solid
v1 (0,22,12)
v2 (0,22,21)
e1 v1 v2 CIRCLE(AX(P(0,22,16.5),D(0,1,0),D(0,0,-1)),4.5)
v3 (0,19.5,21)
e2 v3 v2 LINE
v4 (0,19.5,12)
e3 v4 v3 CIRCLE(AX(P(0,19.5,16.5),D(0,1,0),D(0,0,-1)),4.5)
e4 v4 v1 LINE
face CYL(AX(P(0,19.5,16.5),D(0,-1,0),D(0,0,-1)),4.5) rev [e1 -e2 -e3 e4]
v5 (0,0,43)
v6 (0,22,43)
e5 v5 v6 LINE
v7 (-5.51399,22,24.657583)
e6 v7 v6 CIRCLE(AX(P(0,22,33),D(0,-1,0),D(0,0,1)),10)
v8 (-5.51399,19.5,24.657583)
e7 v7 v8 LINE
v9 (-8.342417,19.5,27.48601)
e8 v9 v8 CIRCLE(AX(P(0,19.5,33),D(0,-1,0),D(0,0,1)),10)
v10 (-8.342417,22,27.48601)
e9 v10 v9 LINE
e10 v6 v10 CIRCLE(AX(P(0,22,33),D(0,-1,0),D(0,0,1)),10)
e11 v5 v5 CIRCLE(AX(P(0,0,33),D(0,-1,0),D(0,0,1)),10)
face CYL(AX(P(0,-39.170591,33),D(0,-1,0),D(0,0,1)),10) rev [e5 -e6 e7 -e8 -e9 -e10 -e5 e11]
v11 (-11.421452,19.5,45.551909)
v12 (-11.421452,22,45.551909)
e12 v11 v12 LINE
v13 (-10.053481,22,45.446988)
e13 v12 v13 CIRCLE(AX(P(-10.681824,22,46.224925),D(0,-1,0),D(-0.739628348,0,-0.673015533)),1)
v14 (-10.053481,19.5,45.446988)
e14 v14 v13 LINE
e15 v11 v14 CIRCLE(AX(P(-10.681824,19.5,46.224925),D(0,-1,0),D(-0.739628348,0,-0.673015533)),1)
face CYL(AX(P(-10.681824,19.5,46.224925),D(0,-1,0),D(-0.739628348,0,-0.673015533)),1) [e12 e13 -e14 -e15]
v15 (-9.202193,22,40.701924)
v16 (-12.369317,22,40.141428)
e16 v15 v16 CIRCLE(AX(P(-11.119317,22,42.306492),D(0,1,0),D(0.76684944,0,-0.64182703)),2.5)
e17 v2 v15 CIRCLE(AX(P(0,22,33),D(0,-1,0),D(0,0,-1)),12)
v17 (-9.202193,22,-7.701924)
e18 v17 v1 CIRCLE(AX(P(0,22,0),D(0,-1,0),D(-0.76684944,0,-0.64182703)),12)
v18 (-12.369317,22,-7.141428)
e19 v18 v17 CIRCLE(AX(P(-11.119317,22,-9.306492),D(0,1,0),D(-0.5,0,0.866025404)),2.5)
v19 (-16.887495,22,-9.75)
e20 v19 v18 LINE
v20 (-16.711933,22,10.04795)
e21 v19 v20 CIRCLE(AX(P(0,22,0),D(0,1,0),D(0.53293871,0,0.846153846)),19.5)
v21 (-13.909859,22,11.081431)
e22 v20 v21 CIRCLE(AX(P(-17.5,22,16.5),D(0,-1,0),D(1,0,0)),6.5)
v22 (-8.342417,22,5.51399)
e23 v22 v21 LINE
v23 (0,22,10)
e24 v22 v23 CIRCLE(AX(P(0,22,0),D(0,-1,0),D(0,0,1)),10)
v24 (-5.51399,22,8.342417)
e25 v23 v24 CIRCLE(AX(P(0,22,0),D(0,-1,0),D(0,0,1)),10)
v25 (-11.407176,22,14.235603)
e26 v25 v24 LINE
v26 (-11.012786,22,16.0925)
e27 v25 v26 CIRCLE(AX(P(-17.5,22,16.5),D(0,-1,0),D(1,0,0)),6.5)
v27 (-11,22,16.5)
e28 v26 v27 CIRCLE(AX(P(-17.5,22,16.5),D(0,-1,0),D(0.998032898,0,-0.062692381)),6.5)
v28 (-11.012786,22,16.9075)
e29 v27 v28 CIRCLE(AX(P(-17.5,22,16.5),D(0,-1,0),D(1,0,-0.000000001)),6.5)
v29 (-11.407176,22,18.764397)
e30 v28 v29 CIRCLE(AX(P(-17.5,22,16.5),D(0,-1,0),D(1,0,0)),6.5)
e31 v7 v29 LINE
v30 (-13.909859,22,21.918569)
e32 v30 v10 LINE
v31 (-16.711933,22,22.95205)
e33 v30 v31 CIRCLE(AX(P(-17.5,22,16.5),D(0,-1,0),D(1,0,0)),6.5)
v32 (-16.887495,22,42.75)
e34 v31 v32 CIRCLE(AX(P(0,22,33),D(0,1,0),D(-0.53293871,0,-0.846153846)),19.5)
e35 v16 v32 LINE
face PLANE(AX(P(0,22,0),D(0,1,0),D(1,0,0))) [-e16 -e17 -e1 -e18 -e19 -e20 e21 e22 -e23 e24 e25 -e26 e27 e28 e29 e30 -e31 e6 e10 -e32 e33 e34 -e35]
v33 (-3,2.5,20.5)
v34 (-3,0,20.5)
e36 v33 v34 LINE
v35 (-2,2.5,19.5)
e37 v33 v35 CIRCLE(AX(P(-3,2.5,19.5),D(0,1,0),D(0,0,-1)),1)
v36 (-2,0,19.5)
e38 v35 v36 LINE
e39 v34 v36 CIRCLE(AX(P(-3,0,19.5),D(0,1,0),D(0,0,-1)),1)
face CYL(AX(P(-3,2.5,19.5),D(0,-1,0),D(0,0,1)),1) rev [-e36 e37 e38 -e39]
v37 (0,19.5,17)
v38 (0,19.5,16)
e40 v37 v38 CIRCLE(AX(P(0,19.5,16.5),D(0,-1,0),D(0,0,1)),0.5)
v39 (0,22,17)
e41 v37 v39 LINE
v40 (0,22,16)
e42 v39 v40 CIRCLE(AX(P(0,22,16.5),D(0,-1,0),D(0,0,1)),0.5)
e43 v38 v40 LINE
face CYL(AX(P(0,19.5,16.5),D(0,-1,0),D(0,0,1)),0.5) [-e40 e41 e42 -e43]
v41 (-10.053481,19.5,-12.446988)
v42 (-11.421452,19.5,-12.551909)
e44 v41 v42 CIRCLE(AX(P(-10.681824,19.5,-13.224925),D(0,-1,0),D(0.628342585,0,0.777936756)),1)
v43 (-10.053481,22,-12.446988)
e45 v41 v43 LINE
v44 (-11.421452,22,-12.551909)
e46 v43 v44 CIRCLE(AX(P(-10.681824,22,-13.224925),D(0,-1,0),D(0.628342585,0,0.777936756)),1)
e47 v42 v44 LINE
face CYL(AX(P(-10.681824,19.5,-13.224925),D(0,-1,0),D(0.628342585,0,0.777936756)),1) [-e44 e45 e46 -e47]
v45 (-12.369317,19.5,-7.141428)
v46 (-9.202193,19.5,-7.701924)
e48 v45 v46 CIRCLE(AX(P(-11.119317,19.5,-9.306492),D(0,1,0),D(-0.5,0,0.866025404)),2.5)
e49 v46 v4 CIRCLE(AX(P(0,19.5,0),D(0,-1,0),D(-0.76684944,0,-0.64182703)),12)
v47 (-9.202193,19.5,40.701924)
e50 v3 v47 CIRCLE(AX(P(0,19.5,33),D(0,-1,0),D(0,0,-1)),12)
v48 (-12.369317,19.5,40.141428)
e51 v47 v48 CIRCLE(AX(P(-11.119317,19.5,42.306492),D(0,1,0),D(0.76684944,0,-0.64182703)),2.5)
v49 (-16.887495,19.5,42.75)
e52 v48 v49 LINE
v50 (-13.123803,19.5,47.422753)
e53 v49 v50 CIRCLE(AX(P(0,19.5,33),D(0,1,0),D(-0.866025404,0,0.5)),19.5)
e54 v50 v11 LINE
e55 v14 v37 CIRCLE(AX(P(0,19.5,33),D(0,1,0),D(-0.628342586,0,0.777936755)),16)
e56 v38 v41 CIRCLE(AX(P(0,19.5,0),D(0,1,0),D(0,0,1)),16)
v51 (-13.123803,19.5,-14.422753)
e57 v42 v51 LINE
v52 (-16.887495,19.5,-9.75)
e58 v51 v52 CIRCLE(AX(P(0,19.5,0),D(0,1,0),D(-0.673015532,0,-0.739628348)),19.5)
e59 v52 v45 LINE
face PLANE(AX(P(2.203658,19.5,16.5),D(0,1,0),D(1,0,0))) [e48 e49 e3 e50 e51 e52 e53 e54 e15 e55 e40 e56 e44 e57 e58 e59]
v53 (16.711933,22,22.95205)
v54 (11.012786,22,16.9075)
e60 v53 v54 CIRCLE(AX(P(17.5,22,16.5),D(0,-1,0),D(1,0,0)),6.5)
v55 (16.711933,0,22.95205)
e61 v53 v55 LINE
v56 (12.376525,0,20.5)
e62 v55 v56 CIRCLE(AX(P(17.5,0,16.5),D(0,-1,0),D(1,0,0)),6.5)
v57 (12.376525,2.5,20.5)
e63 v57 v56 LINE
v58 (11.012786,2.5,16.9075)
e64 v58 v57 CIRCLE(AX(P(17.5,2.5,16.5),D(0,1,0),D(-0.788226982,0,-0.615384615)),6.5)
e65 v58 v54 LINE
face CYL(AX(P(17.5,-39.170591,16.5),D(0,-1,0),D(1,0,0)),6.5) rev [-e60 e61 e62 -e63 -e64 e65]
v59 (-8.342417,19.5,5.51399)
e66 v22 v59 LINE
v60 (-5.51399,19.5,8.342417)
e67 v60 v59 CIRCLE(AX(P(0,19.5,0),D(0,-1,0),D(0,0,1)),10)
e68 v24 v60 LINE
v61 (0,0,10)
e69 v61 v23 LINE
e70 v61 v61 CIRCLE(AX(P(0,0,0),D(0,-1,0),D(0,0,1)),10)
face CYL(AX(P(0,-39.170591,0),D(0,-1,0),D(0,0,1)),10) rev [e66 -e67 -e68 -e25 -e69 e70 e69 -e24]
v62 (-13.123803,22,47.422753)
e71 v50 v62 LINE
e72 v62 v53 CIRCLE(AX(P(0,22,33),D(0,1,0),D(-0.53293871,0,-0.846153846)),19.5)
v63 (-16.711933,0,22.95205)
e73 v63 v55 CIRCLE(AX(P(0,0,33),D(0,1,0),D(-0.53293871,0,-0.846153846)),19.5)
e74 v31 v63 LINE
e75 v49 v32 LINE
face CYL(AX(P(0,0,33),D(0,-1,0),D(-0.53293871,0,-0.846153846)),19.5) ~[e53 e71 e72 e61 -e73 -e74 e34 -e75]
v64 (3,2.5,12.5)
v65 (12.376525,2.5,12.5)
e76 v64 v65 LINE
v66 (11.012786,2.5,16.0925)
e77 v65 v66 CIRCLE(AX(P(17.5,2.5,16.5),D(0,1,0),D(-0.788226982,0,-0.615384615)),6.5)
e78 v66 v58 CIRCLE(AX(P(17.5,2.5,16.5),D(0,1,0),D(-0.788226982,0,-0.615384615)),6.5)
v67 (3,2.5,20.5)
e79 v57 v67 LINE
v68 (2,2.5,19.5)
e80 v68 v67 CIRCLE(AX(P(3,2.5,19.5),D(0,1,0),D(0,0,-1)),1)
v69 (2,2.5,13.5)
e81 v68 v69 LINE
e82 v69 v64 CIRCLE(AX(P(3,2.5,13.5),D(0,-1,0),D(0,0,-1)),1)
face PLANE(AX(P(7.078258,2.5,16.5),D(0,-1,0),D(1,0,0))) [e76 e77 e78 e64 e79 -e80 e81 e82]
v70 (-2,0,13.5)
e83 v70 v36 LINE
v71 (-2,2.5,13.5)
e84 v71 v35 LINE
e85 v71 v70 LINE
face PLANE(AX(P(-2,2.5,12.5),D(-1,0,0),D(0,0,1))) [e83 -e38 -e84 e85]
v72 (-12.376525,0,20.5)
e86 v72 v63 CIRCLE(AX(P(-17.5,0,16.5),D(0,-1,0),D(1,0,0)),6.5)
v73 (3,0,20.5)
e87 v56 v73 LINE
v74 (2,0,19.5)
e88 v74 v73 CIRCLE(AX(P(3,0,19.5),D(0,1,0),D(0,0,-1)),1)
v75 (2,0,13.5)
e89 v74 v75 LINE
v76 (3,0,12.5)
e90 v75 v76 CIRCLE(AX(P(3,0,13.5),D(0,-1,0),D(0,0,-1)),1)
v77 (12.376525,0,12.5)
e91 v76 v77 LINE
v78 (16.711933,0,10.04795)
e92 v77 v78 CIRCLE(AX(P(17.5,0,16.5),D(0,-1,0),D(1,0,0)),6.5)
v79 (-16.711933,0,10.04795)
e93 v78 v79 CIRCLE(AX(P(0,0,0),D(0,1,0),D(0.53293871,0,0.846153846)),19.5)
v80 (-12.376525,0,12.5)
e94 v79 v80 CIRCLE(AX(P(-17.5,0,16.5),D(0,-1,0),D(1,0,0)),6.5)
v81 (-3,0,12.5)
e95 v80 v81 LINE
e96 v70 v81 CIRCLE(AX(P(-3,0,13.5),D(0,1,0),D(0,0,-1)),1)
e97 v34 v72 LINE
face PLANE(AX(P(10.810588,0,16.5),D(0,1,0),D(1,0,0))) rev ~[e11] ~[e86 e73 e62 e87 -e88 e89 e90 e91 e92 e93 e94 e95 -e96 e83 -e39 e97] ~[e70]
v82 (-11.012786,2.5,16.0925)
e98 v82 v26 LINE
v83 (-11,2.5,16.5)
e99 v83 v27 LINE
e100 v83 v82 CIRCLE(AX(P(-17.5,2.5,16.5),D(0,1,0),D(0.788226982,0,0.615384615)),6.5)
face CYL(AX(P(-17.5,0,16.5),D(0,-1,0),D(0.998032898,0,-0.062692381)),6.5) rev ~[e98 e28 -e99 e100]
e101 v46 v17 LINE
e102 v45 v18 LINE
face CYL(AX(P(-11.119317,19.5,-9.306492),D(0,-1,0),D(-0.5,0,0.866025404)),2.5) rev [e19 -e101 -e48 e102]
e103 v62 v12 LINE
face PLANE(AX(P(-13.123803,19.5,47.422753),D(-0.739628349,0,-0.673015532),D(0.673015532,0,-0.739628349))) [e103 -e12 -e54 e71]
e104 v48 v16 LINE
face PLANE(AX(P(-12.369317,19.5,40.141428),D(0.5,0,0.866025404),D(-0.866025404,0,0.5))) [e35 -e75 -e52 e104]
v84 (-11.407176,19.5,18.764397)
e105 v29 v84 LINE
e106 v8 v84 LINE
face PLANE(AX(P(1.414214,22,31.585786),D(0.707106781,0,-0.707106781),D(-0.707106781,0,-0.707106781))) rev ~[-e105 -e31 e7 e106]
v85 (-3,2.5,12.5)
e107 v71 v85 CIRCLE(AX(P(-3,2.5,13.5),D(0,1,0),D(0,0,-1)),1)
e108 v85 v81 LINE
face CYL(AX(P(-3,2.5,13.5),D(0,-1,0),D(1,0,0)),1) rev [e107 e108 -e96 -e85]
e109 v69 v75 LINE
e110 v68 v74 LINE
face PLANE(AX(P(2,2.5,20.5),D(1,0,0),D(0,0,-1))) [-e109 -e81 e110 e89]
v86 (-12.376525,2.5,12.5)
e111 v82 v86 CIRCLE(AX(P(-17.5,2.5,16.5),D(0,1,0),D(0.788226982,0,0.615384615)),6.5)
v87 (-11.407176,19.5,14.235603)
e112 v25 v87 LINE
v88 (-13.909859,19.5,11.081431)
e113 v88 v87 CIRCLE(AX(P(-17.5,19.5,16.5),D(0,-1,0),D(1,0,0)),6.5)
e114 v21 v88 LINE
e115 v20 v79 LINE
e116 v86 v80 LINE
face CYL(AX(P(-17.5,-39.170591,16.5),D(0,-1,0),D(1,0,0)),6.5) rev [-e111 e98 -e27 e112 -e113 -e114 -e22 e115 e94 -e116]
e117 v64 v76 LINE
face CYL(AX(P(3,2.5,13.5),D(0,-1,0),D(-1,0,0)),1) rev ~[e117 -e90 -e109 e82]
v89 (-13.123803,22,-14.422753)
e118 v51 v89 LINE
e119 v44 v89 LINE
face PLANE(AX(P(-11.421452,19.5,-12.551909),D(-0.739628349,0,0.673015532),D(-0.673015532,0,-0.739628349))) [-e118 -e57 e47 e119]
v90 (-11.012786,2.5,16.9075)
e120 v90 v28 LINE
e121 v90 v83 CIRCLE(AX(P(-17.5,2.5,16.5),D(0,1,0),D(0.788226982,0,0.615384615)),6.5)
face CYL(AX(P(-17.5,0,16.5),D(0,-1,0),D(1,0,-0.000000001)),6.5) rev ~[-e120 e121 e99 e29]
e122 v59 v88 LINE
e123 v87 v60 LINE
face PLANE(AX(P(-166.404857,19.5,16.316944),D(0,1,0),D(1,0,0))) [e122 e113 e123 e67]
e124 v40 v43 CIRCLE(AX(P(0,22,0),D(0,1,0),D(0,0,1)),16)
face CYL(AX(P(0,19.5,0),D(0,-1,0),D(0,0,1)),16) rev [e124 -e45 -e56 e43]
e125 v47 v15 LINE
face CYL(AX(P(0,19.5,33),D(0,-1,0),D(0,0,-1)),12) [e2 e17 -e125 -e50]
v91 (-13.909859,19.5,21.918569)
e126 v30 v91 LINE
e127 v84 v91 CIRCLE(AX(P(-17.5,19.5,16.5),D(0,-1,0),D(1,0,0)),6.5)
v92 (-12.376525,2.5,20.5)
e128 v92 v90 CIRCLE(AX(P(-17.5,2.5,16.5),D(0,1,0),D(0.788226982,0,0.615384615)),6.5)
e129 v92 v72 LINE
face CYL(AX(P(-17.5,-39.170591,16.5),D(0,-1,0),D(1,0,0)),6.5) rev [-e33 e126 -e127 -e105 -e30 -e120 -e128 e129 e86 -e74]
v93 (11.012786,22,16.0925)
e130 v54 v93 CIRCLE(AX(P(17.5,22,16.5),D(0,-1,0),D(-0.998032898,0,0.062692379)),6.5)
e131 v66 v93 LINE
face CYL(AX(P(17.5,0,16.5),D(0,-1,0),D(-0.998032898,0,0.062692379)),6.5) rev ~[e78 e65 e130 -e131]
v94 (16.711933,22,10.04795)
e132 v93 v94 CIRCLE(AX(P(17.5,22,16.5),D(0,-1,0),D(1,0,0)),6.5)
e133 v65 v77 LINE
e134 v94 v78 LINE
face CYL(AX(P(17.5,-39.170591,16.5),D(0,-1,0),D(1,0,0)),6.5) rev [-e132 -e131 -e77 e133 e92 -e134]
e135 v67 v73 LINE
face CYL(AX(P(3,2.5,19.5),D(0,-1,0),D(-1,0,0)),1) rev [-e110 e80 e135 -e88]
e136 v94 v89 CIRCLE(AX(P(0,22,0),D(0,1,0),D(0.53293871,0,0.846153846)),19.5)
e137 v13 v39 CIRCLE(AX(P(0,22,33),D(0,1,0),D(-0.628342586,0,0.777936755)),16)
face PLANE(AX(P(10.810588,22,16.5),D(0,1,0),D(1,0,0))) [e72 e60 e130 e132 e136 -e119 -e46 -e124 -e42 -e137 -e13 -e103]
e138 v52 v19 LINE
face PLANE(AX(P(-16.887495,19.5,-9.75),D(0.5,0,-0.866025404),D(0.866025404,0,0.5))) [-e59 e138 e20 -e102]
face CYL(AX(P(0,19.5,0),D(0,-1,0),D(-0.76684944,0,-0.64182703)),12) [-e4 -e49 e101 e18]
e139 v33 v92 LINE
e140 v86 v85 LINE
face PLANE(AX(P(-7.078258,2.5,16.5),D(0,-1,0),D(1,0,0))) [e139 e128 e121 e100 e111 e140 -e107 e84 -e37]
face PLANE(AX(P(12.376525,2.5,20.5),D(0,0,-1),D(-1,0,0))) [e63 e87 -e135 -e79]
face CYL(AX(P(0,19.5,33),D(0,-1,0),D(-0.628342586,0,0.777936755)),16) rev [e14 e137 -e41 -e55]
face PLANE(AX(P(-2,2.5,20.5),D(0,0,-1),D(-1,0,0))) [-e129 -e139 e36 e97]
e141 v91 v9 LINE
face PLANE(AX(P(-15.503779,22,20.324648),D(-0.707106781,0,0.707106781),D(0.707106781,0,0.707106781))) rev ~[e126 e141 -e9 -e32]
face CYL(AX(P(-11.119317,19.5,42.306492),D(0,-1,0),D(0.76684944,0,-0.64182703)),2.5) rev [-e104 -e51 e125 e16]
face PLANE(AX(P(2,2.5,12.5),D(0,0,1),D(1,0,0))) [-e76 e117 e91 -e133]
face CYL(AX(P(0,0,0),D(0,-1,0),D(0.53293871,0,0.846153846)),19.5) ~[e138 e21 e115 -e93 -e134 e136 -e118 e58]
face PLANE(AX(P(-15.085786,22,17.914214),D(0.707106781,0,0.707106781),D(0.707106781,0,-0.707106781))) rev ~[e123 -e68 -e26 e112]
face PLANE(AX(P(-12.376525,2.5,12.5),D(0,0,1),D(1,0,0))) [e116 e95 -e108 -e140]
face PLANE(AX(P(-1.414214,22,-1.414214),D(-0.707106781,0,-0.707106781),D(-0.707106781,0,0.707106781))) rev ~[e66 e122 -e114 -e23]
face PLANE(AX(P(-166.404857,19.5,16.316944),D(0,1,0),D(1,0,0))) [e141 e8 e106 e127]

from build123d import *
from build123d.topology import SkipClean

# Parameters (mm, degrees)
SKETCH_1_R               = 19.5
EXTRUDE_1_DEPTH          = 22
CUT_EXTRUDE_1_DEPTH      = 61.170590823
CUT_EXTRUDE_1_DEPTH_BACK = 61.170590823
SKETCH_2_R               = 10
CUT_EXTRUDE_START        = -2.5
CUT_EXTRUDE_2_DEPTH      = 2.5
EXTRUDE_START            = -22
EXTRUDE_2_DEPTH          = 22
CUT_EXTRUDE_4_DEPTH      = 61.170590823
CUT_EXTRUDE_4_DEPTH_BACK = 61.170590823
SKETCH_5_R               = 6.5
CUT_EXTRUDE_5_DEPTH      = 2.5
FILLET_1_R               = 1
CUT_EXTRUDE_6_DEPTH      = 2.5


with BuildPart() as part:
    # 草图1 → 凸台-拉伸1 (new body)
    with BuildSketch(Plane(origin=(0, 0, 0), x_dir=(1, 0, 0), z_dir=(0, 1, 0))):
        Circle(SKETCH_1_R)
        with Locations((0, -33)):
            Circle(SKETCH_1_R)
    extrude(amount=EXTRUDE_1_DEPTH)

    # 草图2 → 切除-拉伸1 (cut, two sides: drawn at the far end of the back side and taken through both)
    with BuildSketch(Plane(origin=(0, 22, 0), x_dir=(1, 0, 0), z_dir=(0, 1, 0)).offset(-CUT_EXTRUDE_1_DEPTH_BACK)):
        with Locations(Location((0, 0, 0), (0, 0, 270))):
            Circle(SKETCH_2_R)
        with Locations(Location((0, -33, 0), (0, 0, 270))):
            Circle(SKETCH_2_R)
    extrude(amount=CUT_EXTRUDE_1_DEPTH + CUT_EXTRUDE_1_DEPTH_BACK, mode=Mode.SUBTRACT)

    # 草图3 → 切除-拉伸2 (cut)
    with BuildSketch(Plane(origin=(0, 22, 0), x_dir=(1, 0, 0), z_dir=(0, 1, 0)).offset(CUT_EXTRUDE_START)):
        with BuildLine():
            Line((-16.887495374, 9.75), (-12.369316877, 7.141428429))
            ThreePointArc((-12.369316877, 7.141428429), (-10.683653707, 6.844745078), (-9.202193277, 7.701924362))
            ThreePointArc((-9.202193277, 7.701924362), (10.872513333, 5.078233337), (0, -12))
            ThreePointArc((0, -12), (-4.5, -16.5), (0, -21))
            ThreePointArc((0, -21), (10.872513333, -38.078233337), (-9.202193277, -40.701924362))
            ThreePointArc((-9.202193277, -40.701924362), (-10.683653707, -39.844745078), (-12.369316877, -40.141428429))
            Line((-12.369316877, -40.141428429), (-16.887495374, -42.75))
            ThreePointArc((-16.887495374, -42.75), (-15.186446596, -45.232000645), (-13.123802868, -47.422752799))
            Line((-13.123802868, -47.422752799), (-11.421452311, -45.551909301))
            ThreePointArc((-11.421452311, -45.551909301), (-10.758297788, -45.227853244), (-10.053481376, -45.446988078))
            ThreePointArc((-10.053481376, -45.446988078), (15.085619133, -38.331425267), (0, -17))
            ThreePointArc((0, -17), (-0.5, -16.5), (0, -16))
            ThreePointArc((0, -16), (15.085619133, 5.331425267), (-10.053481376, 12.446988078))
            ThreePointArc((-10.053481376, 12.446988078), (-10.758297788, 12.227853244), (-11.421452311, 12.551909301))
            Line((-11.421452311, 12.551909301), (-13.123802868, 14.422752799))
            ThreePointArc((-13.123802868, 14.422752799), (-15.186446596, 12.232000645), (-16.887495374, 9.75))
        make_face()
    extrude(amount=CUT_EXTRUDE_2_DEPTH, mode=Mode.SUBTRACT)

    # 草图4 → 凸台-拉伸2 (add)
    with BuildSketch(Plane(origin=(0, 22, 0), x_dir=(1, 0, 0), z_dir=(0, 1, 0)).offset(EXTRUDE_START)):
        with BuildLine():
            ThreePointArc((11.012786163, -16.907500476), (11, -16.5), (11.012786163, -16.092499524))
            ThreePointArc((11.012786163, -16.092499524), (10.704484781, -16.299202605), (10.392304845, -16.5))
            ThreePointArc((10.392304845, -16.5), (10.704484781, -16.700797395), (11.012786163, -16.907500476))
        make_face()
        with BuildLine():
            ThreePointArc((-11.012786163, -16.092499524), (-11.003197327, -16.296149488), (-11, -16.5))
            ThreePointArc((-11, -16.5), (-11.003197327, -16.703850512), (-11.012786163, -16.907500476))
            ThreePointArc((-11.012786163, -16.907500476), (-10.704484781, -16.700797395), (-10.392304845, -16.5))
            ThreePointArc((-10.392304845, -16.5), (-10.704484781, -16.299202605), (-11.012786163, -16.092499524))
        make_face()
    extrude(amount=EXTRUDE_2_DEPTH)

    # 草图5 → 切除-拉伸4 (cut, two sides: drawn at the far end of the back side and taken through both)
    with SkipClean():  # the faces are left unmerged after this step: merging them gives an invalid solid
        with BuildSketch(Plane(origin=(0, 22, 0), x_dir=(1, 0, 0), z_dir=(0, 1, 0)).offset(-CUT_EXTRUDE_4_DEPTH_BACK)):
            with Locations((17.5, -16.5)):
                Circle(SKETCH_5_R)
            with Locations((-17.5, -16.5)):
                Circle(SKETCH_5_R)
        extrude(amount=CUT_EXTRUDE_4_DEPTH + CUT_EXTRUDE_4_DEPTH_BACK, mode=Mode.SUBTRACT)

    # 草图6 → 切除-拉伸5 (cut)
    with SkipClean():  # the faces are left unmerged after this step: merging them gives an invalid solid
        with BuildSketch(Plane.XZ.offset(CUT_EXTRUDE_START)):
            with BuildLine():
                Line((-12.376524617, 12.5), (-2, 12.5))
                Line((-2, 12.5), (-2, 20.5))
                Line((-2, 20.5), (-12.376524617, 20.5))
                ThreePointArc((-12.376524617, 20.5), (-11, 16.5), (-12.376524617, 12.5))
            make_face()
            with BuildLine():
                Line((2, 20.5), (2, 12.5))
                Line((2, 12.5), (12.376524617, 12.5))
                ThreePointArc((12.376524617, 12.5), (11, 16.5), (12.376524617, 20.5))
                Line((12.376524617, 20.5), (2, 20.5))
            make_face()
        extrude(amount=CUT_EXTRUDE_5_DEPTH, mode=Mode.SUBTRACT)

    # 圆角1
    fillet_1_edges = [part.edges().sort_by_distance(p)[0] for p in [
        (-2, 1.25, 20.5),
        (-2, 1.25, 12.5),
        (2, 1.25, 20.5),
        (2, 1.25, 12.5),
    ]]
    fillet(fillet_1_edges, radius=FILLET_1_R)

    # 草图7 → 切除-拉伸6 (cut)
    with SkipClean():  # the faces are left unmerged after this step: merging them gives an invalid solid
        with BuildSketch(Plane(origin=(0, 22, 0), x_dir=(1, 0, 0), z_dir=(0, 1, 0))):
            Polygon((-94.212388388, -97.040815513), (-15.085786438, -17.914213562), (1.414213562, -1.414213562), (-1.414213562, 1.414213562), (-17.914213562, -15.085786438), (-19.328427125, -16.5), (-15.503778834, -20.324648291), (-1.414213562, -34.414213562), (1.414213562, -31.585786438), (-13.671572875, -16.5), (-92.798174826, 62.62660195), (-316.593223793, 64.608809708), (-318.007437355, -95.058607756), align=None)
        extrude(amount=-CUT_EXTRUDE_6_DEPTH, mode=Mode.SUBTRACT)


solid = part.part
